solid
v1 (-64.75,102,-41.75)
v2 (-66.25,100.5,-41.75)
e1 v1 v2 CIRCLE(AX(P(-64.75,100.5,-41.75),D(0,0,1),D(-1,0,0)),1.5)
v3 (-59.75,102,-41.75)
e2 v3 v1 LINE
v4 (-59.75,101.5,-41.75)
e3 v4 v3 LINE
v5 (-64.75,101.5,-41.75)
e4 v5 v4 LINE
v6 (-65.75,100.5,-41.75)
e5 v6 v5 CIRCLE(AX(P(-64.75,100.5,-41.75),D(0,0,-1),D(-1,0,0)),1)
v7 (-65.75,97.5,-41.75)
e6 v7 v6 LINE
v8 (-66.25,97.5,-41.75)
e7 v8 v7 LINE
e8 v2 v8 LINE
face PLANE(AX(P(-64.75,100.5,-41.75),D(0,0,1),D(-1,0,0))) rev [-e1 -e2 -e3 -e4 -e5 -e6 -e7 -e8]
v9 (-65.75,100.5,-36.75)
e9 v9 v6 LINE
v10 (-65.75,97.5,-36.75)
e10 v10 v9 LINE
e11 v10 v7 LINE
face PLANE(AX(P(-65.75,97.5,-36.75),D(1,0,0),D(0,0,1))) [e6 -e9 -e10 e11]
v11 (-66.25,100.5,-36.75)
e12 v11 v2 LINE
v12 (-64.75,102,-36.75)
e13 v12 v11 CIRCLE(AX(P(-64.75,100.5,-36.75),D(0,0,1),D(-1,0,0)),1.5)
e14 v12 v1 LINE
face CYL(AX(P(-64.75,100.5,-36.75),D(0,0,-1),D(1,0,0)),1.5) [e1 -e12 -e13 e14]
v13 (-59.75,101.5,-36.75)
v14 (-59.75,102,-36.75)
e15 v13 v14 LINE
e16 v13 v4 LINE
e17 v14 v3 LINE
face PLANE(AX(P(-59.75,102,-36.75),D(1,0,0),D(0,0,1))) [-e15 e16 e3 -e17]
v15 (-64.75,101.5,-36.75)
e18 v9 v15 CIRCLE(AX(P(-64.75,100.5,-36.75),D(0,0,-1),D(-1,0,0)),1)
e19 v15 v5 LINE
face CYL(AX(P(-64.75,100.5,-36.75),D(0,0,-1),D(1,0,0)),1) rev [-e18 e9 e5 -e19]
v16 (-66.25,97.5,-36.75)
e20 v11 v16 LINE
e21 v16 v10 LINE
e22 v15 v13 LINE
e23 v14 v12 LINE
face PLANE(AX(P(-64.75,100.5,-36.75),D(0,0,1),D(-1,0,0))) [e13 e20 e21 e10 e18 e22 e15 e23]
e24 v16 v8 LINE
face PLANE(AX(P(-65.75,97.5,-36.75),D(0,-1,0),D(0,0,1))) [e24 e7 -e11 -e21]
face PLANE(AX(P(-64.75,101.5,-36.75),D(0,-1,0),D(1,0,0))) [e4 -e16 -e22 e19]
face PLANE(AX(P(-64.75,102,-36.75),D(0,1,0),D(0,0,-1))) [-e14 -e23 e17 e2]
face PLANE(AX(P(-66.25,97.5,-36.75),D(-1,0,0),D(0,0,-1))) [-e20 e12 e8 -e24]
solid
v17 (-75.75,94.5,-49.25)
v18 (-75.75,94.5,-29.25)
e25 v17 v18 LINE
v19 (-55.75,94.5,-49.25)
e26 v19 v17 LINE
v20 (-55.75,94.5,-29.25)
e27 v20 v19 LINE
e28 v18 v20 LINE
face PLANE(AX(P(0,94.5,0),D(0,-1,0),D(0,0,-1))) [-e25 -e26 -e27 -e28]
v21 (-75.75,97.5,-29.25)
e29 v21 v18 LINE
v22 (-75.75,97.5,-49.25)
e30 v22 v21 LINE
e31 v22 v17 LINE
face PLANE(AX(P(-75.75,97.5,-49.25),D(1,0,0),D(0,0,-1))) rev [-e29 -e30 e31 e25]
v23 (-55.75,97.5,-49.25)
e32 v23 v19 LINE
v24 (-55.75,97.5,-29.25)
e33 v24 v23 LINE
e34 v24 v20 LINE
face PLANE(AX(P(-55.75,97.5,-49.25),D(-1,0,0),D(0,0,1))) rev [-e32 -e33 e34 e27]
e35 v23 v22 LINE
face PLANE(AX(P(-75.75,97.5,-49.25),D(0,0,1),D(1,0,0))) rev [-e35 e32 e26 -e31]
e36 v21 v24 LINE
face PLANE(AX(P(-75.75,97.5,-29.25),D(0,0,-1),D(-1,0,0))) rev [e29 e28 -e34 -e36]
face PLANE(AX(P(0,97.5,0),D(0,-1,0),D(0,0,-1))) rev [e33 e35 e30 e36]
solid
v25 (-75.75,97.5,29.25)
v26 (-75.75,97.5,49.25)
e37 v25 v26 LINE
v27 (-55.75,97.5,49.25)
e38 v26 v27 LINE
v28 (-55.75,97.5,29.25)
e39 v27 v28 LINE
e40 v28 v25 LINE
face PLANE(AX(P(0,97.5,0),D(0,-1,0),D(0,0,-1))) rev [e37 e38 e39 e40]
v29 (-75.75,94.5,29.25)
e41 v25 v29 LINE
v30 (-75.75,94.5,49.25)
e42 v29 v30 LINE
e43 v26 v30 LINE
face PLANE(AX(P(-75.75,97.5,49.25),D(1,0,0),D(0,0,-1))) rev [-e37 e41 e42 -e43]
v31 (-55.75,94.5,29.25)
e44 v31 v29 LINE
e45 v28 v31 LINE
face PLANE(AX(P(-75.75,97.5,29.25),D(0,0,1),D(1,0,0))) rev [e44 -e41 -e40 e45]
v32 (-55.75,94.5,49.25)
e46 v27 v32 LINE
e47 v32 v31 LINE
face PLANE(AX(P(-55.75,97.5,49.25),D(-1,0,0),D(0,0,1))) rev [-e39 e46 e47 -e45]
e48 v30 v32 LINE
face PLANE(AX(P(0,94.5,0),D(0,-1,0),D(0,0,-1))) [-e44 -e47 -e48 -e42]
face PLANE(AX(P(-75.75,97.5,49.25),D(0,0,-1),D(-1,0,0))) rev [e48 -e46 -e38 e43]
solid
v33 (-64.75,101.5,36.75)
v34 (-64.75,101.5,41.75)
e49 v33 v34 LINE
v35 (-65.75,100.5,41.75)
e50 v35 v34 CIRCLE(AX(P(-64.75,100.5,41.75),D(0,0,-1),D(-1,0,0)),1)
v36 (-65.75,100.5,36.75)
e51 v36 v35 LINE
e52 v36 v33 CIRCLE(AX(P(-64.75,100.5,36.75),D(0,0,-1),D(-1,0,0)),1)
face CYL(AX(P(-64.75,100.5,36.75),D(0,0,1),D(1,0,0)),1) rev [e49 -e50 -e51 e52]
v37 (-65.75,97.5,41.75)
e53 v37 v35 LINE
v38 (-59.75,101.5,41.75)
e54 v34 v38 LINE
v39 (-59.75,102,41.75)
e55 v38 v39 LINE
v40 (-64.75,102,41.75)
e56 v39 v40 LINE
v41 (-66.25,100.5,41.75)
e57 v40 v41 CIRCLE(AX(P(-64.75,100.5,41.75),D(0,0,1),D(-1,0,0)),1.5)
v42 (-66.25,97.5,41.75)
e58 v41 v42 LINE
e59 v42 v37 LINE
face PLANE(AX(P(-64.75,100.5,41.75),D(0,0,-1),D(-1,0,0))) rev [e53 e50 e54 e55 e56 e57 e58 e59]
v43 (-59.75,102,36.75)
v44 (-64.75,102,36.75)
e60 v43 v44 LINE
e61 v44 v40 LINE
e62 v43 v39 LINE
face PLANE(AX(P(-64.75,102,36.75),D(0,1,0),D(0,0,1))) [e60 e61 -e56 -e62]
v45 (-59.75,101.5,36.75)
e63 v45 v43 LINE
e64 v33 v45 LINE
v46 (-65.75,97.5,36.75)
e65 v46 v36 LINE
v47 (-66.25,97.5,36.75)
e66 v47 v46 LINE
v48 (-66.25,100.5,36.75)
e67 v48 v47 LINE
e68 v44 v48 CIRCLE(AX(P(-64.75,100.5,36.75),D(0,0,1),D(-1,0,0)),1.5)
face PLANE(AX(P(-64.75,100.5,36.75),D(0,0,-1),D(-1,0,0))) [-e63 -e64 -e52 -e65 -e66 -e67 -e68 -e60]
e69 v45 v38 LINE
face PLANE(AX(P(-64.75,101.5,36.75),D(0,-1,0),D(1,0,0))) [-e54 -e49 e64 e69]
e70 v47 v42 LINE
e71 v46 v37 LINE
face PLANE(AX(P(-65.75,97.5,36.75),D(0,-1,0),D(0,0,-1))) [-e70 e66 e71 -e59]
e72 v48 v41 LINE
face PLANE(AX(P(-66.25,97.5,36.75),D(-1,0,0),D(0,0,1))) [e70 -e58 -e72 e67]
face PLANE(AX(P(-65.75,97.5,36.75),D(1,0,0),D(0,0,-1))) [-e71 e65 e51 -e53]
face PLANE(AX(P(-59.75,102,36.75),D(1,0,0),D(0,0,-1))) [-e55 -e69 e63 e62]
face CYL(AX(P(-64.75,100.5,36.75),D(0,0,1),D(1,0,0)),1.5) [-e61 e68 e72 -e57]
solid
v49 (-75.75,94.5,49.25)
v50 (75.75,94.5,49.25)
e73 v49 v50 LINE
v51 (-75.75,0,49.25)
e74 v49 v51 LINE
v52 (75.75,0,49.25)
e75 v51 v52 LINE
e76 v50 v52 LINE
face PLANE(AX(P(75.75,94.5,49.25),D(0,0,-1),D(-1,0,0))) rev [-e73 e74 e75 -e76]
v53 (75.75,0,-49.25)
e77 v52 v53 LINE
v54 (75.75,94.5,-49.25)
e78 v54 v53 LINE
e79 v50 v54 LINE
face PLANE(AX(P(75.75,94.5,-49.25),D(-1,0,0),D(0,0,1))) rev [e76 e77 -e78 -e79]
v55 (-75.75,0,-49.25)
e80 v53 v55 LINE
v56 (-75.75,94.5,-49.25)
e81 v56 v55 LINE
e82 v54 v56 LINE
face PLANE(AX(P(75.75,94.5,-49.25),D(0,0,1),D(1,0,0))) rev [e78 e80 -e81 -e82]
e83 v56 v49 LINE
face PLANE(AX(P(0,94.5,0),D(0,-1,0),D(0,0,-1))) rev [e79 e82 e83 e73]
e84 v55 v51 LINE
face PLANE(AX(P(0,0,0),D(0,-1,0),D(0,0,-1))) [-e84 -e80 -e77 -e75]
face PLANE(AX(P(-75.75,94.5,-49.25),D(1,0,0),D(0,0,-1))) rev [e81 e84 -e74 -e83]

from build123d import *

# Parameters (mm, degrees)
SKETCH1_W                = 151.5
SKETCH1_H                = 98.5
BOSS_EXTRUDE1_DEPTH      = 94.5
SKETCH2_W                = 20
SKETCH2_H                = 20
BOSS_EXTRUDE2_DEPTH      = 3
BOSS_EXTRUDE2_2_DEPTH    = 3
BOSS_EXTRUDE3_DEPTH      = 2.5
BOSS_EXTRUDE3_DEPTH_BACK = 2.5


with BuildPart() as part:
    # Sketch1 → Boss-Extrude1 (new body)
    with BuildSketch(Plane(origin=(0, 0, 0), x_dir=(1, 0, 0), z_dir=(0, 1, 0))):
        Rectangle(SKETCH1_W, SKETCH1_H)
    extrude(amount=BOSS_EXTRUDE1_DEPTH)


with BuildPart() as body_2:
    # Sketch2 → Boss-Extrude2 (new body)
    with BuildSketch(Plane(origin=(0, 94.5, 0), x_dir=(1, 0, 0), z_dir=(0, 1, 0))):
        with Locations((-65.75, 39.25)):
            Rectangle(SKETCH2_W, SKETCH2_H)
    extrude(amount=BOSS_EXTRUDE2_DEPTH)


with BuildPart() as body_3:
    # Sketch2 → Boss-Extrude2 2 (new body)
    with BuildSketch(Plane(origin=(0, 94.5, 0), x_dir=(1, 0, 0), z_dir=(0, 1, 0))):
        with Locations((-65.75, -39.25)):
            Rectangle(SKETCH2_W, SKETCH2_H)
    extrude(amount=BOSS_EXTRUDE2_2_DEPTH)


with BuildPart() as body_4:
    # Sketch3 → Boss-Extrude3 (new, two sides: drawn at the far end of the back side and taken through both)
    with BuildSketch(Plane.XY.offset(39.25).offset(-BOSS_EXTRUDE3_DEPTH_BACK)):
        with BuildLine():
            Line((-65.75, 97.5), (-65.75, 100.5))
            ThreePointArc((-65.75, 100.5), (-65.457106781, 101.207106781), (-64.75, 101.5))
            Line((-64.75, 101.5), (-59.75, 101.5))
            Line((-59.75, 101.5), (-59.75, 102))
            Line((-59.75, 102), (-64.75, 102))
            ThreePointArc((-64.75, 102), (-65.810660172, 101.560660172), (-66.25, 100.5))
            Line((-66.25, 100.5), (-66.25, 97.5))
            Line((-66.25, 97.5), (-65.75, 97.5))
        make_face()
    extrude(amount=BOSS_EXTRUDE3_DEPTH + BOSS_EXTRUDE3_DEPTH_BACK)


with BuildPart() as body_5:
    # Mirror2: mirrored copy
    add(body_4.part.mirror(Plane.XY))


solid = Compound([part.part, body_2.part, body_3.part, body_4.part, body_5.part])
